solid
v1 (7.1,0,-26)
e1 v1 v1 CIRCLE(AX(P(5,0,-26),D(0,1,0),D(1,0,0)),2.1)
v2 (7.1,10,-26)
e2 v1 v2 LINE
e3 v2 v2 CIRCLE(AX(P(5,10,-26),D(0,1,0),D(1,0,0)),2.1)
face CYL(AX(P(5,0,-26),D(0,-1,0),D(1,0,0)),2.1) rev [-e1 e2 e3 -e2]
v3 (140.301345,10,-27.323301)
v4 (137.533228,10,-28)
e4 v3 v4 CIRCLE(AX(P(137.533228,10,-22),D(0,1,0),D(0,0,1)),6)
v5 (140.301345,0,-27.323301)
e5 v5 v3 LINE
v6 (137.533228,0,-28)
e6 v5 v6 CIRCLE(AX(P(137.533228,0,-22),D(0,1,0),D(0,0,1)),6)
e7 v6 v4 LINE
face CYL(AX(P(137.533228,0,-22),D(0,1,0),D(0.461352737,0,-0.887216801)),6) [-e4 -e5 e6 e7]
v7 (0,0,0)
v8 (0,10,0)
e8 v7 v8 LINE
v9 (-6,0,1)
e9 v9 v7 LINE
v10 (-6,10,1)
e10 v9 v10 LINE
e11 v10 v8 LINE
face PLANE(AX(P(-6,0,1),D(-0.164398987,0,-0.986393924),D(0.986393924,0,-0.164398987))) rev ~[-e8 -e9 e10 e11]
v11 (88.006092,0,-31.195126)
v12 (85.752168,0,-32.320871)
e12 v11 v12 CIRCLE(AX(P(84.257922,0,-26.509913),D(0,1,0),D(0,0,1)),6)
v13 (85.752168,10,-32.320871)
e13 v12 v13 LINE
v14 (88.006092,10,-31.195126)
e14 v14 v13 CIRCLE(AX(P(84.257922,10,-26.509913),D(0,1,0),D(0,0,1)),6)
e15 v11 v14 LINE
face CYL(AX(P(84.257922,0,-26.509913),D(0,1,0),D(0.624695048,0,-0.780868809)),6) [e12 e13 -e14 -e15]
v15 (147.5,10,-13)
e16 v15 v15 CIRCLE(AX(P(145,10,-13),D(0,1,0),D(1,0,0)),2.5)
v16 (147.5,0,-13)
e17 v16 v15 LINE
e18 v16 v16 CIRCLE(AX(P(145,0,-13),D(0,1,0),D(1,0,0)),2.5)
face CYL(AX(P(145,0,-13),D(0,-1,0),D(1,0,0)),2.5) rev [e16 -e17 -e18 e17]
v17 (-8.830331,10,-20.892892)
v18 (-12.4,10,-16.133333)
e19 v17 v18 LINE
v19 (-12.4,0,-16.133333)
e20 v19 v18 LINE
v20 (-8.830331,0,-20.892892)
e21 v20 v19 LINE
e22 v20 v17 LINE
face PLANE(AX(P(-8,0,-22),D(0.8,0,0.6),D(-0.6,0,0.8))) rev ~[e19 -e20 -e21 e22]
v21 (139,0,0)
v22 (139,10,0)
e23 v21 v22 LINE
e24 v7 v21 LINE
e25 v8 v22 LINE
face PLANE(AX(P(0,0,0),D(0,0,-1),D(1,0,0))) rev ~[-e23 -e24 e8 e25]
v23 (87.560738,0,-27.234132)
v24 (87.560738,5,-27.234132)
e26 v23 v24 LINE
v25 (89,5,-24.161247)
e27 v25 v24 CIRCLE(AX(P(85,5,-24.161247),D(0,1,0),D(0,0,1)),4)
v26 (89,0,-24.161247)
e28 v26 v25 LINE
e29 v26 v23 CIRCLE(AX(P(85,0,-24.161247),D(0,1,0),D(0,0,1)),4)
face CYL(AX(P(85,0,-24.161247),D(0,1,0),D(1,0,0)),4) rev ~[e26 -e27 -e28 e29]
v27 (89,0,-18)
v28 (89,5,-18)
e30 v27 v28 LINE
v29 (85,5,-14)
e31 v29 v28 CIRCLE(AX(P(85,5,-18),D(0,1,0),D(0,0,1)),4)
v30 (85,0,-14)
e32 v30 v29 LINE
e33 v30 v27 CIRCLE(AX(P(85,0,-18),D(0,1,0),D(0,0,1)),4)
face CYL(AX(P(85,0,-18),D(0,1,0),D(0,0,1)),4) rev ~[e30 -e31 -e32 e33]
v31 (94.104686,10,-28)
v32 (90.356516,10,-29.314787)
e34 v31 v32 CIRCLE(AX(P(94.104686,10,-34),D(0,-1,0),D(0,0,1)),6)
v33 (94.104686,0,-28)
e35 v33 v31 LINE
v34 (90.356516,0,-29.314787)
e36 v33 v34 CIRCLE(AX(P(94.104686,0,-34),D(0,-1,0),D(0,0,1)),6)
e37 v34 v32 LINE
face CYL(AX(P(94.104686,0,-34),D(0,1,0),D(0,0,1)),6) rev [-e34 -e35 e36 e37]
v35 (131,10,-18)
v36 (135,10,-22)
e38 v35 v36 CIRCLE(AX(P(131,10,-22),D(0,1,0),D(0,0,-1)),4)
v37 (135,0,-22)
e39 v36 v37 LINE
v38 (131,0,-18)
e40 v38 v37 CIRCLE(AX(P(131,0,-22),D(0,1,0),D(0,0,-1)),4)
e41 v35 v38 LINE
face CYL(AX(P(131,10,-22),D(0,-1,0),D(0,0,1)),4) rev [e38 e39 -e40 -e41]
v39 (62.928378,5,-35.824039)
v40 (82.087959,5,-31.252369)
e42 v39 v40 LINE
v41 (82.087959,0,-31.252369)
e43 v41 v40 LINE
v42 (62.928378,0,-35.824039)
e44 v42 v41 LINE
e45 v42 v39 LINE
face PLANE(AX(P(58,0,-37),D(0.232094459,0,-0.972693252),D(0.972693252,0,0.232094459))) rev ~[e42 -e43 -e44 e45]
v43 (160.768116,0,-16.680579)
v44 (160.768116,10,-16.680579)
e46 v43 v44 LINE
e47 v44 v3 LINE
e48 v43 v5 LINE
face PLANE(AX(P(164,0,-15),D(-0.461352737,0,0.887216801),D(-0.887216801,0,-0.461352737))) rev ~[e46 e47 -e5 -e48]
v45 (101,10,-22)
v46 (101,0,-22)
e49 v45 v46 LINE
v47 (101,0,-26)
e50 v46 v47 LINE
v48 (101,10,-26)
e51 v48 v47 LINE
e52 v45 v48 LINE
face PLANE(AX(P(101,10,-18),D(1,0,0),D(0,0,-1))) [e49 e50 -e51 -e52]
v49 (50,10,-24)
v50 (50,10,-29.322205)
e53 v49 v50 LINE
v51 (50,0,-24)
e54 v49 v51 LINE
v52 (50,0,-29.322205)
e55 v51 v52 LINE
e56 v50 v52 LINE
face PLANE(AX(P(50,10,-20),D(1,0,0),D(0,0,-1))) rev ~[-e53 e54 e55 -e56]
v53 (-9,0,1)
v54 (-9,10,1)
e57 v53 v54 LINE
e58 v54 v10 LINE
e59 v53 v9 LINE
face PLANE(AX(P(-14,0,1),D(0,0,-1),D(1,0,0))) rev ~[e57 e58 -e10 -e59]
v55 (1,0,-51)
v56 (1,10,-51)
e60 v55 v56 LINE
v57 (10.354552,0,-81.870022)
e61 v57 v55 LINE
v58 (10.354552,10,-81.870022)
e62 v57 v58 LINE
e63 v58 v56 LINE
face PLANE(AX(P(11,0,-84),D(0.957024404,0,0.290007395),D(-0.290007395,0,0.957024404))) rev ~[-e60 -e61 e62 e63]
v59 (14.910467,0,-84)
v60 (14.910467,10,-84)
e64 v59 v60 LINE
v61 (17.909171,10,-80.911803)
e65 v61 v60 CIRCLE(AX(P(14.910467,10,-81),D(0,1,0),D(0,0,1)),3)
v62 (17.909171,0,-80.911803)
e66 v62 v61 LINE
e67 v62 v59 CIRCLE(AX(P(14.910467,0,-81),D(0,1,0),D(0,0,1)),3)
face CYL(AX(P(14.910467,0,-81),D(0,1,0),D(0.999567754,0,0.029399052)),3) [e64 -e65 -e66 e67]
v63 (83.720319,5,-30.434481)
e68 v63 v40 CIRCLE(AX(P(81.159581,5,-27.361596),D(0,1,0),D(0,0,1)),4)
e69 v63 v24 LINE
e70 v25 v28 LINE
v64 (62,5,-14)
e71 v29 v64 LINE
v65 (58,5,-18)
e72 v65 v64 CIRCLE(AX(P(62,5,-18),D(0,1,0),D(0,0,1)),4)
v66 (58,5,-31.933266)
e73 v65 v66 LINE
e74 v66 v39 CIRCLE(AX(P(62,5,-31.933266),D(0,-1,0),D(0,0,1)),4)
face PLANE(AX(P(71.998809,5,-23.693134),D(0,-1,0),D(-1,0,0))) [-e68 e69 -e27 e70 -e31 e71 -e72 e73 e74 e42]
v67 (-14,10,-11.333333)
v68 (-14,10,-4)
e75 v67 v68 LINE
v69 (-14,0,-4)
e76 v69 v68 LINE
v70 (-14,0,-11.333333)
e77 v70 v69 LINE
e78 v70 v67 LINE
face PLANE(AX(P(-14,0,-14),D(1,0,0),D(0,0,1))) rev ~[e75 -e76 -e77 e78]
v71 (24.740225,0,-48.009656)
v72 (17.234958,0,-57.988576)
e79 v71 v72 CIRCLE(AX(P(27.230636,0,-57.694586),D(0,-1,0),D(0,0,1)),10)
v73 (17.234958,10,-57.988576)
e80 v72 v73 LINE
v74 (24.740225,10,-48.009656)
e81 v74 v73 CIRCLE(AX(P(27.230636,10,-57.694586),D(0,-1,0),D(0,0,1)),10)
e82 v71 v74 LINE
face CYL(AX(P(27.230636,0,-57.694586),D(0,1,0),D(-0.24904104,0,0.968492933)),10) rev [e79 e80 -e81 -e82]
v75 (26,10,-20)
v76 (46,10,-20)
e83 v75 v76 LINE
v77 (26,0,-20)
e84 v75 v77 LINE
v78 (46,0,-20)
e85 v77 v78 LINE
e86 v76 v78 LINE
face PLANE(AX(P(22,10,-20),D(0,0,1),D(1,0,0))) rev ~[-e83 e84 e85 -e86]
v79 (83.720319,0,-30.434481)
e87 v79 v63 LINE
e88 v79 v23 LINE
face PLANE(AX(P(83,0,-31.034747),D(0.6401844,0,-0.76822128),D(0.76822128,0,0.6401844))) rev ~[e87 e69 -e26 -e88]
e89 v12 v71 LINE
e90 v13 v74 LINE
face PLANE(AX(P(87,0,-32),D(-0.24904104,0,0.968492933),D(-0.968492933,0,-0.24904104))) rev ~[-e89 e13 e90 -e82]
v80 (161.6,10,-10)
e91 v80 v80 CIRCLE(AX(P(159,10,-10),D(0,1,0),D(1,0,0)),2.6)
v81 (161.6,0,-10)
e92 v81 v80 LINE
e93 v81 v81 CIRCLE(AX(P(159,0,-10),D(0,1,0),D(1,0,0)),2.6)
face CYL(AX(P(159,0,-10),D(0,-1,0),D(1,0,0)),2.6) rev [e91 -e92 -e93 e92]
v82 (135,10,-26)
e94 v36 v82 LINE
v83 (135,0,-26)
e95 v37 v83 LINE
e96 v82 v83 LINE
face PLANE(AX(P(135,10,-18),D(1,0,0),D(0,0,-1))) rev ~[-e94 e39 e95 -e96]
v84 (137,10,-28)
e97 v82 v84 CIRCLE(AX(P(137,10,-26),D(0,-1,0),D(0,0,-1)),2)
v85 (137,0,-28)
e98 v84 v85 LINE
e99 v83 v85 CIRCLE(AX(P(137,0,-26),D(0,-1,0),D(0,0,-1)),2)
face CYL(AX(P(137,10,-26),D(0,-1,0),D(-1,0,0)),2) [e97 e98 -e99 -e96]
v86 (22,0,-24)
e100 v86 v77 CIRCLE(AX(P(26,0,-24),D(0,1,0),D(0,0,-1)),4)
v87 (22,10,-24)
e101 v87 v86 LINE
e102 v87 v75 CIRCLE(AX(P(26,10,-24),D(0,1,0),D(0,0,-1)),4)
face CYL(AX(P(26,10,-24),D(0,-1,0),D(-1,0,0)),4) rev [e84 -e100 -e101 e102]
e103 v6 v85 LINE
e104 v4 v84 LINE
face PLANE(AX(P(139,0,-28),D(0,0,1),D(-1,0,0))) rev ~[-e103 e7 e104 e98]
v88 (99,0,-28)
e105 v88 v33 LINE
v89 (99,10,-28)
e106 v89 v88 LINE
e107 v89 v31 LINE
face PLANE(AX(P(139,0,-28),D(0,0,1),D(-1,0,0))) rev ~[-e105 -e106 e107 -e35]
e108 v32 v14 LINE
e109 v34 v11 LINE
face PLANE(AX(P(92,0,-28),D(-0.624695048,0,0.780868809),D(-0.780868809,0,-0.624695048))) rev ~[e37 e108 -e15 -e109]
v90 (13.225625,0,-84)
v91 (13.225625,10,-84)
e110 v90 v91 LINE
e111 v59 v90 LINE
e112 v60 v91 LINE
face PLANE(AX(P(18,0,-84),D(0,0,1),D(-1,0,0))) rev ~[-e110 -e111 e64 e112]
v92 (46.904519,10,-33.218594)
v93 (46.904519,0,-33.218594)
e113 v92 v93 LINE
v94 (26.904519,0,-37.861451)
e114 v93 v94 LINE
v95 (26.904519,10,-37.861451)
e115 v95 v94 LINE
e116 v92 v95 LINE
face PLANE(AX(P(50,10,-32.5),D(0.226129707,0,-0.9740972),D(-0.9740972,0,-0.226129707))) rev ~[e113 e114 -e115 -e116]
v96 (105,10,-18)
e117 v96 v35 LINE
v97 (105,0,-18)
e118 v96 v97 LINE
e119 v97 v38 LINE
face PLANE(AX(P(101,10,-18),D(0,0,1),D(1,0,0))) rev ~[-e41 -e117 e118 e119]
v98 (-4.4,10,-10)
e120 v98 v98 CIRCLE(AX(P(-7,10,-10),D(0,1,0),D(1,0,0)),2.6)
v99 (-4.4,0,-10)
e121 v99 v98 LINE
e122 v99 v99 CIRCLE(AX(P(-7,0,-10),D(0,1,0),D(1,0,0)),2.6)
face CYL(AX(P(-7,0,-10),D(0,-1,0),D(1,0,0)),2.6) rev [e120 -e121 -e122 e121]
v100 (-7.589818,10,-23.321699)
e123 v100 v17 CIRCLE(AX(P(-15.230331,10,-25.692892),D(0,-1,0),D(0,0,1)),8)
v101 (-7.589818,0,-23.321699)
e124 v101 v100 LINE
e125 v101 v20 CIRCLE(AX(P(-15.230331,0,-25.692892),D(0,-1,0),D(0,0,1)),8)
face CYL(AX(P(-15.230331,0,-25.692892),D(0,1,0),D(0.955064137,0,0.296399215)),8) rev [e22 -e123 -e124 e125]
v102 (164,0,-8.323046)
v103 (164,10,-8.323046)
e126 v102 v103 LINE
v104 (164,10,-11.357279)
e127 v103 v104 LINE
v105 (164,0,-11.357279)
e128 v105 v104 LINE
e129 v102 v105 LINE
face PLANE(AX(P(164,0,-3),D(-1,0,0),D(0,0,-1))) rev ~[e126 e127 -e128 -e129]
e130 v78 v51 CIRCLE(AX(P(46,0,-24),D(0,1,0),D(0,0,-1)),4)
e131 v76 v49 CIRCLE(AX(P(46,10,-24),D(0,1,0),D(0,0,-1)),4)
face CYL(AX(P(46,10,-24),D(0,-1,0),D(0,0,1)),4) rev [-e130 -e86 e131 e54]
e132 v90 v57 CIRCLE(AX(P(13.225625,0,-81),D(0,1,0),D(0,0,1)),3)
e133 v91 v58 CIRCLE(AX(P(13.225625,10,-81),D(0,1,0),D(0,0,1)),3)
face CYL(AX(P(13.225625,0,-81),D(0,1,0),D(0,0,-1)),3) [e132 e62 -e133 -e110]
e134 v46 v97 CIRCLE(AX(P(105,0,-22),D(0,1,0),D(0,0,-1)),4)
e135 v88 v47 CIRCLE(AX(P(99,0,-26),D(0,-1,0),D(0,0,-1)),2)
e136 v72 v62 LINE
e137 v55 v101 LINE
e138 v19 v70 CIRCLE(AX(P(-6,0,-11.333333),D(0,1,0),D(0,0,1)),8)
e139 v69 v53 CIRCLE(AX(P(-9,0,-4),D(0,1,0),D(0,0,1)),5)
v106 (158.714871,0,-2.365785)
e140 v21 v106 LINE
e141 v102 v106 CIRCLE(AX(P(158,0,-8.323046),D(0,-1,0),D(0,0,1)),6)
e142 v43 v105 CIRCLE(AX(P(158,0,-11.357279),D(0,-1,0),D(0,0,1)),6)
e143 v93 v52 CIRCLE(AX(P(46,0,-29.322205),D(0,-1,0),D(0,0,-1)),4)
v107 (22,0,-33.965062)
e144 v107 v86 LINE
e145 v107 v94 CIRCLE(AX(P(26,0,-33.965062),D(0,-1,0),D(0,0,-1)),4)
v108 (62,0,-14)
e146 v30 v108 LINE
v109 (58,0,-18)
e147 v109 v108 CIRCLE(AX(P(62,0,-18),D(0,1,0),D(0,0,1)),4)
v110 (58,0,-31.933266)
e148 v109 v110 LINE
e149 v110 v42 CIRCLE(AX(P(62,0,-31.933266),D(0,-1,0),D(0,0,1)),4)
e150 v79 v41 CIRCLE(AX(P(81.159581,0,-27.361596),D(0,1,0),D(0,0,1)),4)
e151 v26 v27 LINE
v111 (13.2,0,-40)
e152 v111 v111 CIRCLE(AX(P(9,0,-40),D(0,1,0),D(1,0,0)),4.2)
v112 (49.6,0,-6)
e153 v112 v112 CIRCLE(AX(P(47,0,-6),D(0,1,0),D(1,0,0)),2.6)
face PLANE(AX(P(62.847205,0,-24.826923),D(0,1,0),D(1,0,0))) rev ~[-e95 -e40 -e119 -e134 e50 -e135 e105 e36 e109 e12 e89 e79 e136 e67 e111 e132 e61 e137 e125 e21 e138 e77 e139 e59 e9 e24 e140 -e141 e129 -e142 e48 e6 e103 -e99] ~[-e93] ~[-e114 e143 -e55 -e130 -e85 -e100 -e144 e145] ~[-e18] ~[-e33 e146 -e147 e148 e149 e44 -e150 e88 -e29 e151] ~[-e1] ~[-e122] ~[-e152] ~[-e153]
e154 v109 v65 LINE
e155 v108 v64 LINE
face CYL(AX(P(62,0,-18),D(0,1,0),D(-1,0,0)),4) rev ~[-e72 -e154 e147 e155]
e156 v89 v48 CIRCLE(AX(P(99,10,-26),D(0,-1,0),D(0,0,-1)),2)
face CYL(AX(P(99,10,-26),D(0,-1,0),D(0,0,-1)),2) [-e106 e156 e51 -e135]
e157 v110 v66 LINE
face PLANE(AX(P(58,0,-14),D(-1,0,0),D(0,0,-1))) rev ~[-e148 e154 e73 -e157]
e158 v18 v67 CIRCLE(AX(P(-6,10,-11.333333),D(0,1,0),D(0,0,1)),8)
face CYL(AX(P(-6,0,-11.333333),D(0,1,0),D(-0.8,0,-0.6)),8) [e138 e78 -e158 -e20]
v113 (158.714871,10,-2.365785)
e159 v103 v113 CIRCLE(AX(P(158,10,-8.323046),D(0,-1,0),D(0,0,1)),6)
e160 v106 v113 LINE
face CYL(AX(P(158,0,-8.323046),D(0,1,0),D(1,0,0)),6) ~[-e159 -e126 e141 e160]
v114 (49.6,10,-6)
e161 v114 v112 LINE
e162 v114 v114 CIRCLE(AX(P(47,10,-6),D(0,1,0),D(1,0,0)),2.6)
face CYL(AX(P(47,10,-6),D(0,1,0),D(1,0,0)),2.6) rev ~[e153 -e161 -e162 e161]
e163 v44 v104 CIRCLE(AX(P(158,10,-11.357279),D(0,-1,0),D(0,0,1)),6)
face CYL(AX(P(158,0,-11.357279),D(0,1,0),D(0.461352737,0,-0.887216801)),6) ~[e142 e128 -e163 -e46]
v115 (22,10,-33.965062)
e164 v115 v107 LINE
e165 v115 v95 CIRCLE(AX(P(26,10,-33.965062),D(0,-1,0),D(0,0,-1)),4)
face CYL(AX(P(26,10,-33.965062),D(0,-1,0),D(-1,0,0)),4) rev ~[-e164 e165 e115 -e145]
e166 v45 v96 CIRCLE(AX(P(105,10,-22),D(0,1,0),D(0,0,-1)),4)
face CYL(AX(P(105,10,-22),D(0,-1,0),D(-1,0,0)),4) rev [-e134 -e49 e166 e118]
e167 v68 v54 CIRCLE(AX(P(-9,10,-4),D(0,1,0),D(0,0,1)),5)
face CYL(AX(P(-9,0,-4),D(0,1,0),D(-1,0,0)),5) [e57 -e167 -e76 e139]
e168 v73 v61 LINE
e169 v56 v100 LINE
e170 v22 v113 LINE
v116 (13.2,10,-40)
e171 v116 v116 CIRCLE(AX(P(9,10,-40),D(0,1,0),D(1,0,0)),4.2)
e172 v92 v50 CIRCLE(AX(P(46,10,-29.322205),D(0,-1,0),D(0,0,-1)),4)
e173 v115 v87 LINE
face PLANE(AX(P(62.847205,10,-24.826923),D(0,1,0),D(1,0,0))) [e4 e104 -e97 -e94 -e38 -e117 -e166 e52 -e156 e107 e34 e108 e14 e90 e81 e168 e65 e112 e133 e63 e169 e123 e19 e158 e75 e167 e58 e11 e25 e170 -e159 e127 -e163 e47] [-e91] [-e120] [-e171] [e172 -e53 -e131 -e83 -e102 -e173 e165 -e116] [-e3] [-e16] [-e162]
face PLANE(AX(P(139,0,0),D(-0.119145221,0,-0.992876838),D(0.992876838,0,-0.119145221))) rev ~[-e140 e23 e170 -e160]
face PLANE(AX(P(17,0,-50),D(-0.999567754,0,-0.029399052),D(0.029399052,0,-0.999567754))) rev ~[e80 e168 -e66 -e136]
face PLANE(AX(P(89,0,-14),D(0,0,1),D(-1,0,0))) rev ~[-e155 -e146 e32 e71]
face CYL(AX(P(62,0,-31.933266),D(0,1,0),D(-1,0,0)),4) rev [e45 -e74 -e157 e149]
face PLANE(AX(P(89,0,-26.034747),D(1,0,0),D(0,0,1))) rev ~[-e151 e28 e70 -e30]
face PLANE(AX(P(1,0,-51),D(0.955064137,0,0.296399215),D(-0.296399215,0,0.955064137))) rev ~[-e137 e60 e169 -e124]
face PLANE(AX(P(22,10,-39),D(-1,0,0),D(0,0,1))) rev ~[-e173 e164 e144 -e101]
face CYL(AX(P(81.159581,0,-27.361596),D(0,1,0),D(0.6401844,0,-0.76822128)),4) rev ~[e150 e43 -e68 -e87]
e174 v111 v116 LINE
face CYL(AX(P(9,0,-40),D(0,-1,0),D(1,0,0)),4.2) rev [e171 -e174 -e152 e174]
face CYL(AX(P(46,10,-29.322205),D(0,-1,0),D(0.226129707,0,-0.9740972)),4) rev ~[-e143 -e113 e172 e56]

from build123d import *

# Parameters (mm, degrees)
SKETCH1_R           = 2.6
SKETCH1_R_2         = 2.1
SKETCH1_R_3         = 4.2
SKETCH1_R_4         = 2.5
BOSS_EXTRUDE1_DEPTH = 10
FILLET2_R           = 6
FILLET3_R           = 3
CUT_EXTRUDE1_DEPTH  = 11
SKETCH7_R           = 2.6
CUT_EXTRUDE4_DEPTH  = 11
FILLET8_R           = 5
FILLET9_R           = 4
SKETCH10_W          = 34
SKETCH10_H          = 10
CUT_EXTRUDE6_DEPTH  = 11
FILLET10_R          = 4
CUT_EXTRUDE7_DEPTH  = 5
FILLET14_R          = 6
FILLET15_R          = 2
FILLET16_R          = 10
FILLET17_R          = 8
FILLET18_R          = 4


with BuildPart() as part:
    # Sketch1 → Boss-Extrude1 (new body)
    with BuildSketch(Plane(origin=(0, 0, 0), x_dir=(1, 0, 0), z_dir=(0, 1, 0))):
        Polygon((164, 15), (139, 28), (92, 28), (87, 32), (17, 50), (18, 84), (11, 84), (1, 51), (-8, 22), (-14, 14), (-14, 2), (-14, -1), (-6, -1), (0, 0), (139, 0), (164, 3), align=None)
        with Locations((-7, 10)):
            Circle(SKETCH1_R, mode=Mode.SUBTRACT)
        with Locations((159, 10)):
            Circle(SKETCH1_R, mode=Mode.SUBTRACT)
        with Locations((5, 26)):
            Circle(SKETCH1_R_2, mode=Mode.SUBTRACT)
        with Locations((9, 40)):
            Circle(SKETCH1_R_3, mode=Mode.SUBTRACT)
        with Locations((145, 13)):
            Circle(SKETCH1_R_4, mode=Mode.SUBTRACT)
    extrude(amount=BOSS_EXTRUDE1_DEPTH)

    # Fillet2
    fillet2_edges = [part.edges().sort_by_distance(p)[0] for p in [
        (139, 5, -28),
        (164, 5, -15),
        (164, 5, -3),
    ]]
    fillet(fillet2_edges, radius=FILLET2_R)

    # Fillet3
    fillet3_edges = [part.edges().sort_by_distance(p)[0] for p in [
        (11, 5, -84),
        (18, 5, -84),
    ]]
    fillet(fillet3_edges, radius=FILLET3_R)

    # Sketch4 → Cut-Extrude1 (cut, through all)
    with BuildSketch(Plane(origin=(0, 10, 0), x_dir=(1, 0, 0), z_dir=(0, 1, 0))):
        Polygon((22, 39), (22, 20), (50, 20), (50, 32.5), align=None)
    extrude(amount=-CUT_EXTRUDE1_DEPTH, mode=Mode.SUBTRACT)

    # Sketch7 → Cut-Extrude4 (cut, through all)
    with BuildSketch(Plane(origin=(0, 10, 0), x_dir=(1, 0, 0), z_dir=(0, 1, 0))):
        with Locations((47, 6)):
            Circle(SKETCH7_R)
    extrude(amount=-CUT_EXTRUDE4_DEPTH, mode=Mode.SUBTRACT)

    # Fillet8
    fillet8_edges = [part.edges().sort_by_distance(p)[0] for p in [
        (-14, 5, 1),
    ]]
    fillet(fillet8_edges, radius=FILLET8_R)

    # Fillet9
    fillet9_edges = [part.edges().sort_by_distance(p)[0] for p in [
        (22, 5, -39),
        (50, 5, -32.5),
        (50, 5, -20),
        (22, 5, -20),
    ]]
    fillet(fillet9_edges, radius=FILLET9_R)

    # Sketch10 → Cut-Extrude6 (cut, through all)
    with BuildSketch(Plane(origin=(0, 10, 0), x_dir=(1, 0, 0), z_dir=(0, 1, 0))):
        with Locations((118, 23)):
            Rectangle(SKETCH10_W, SKETCH10_H)
    extrude(amount=-CUT_EXTRUDE6_DEPTH, mode=Mode.SUBTRACT)

    # Fillet10
    fillet10_edges = [part.edges().sort_by_distance(p)[0] for p in [
        (135, 5, -18),
        (101, 5, -18),
    ]]
    fillet(fillet10_edges, radius=FILLET10_R)

    # Sketch12 → Cut-Extrude7 (cut)
    with BuildSketch(Plane(origin=(0, 0, 0), x_dir=(1, 0, 0), z_dir=(0, 1, 0))):
        Polygon((58, 37), (83, 31.034746853), (89, 26.034746853), (89, 14), (58, 14), align=None)
    extrude(amount=CUT_EXTRUDE7_DEPTH, mode=Mode.SUBTRACT)

    # Fillet14
    fillet14_edges = [part.edges().sort_by_distance(p)[0] for p in [
        (87, 5, -32),
        (92, 5, -28),
    ]]
    fillet(fillet14_edges, radius=FILLET14_R)

    # Fillet15
    fillet15_edges = [part.edges().sort_by_distance(p)[0] for p in [
        (101, 5, -28),
        (135, 5, -28),
    ]]
    fillet(fillet15_edges, radius=FILLET15_R)

    # Fillet16
    fillet16_edges = [part.edges().sort_by_distance(p)[0] for p in [
        (17, 5, -50),
    ]]
    fillet(fillet16_edges, radius=FILLET16_R)

    # Fillet17
    fillet17_edges = [part.edges().sort_by_distance(p)[0] for p in [
        (-14, 5, -14),
        (-8, 5, -22),
    ]]
    fillet(fillet17_edges, radius=FILLET17_R)

    # Fillet18
    fillet18_edges = [part.edges().sort_by_distance(p)[0] for p in [
        (58, 2.5, -37),
        (58, 2.5, -14),
        (89, 2.5, -14),
        (89, 2.5, -26.034746853),
        (83, 2.5, -31.034746853),
    ]]
    fillet(fillet18_edges, radius=FILLET18_R)


solid = part.part
